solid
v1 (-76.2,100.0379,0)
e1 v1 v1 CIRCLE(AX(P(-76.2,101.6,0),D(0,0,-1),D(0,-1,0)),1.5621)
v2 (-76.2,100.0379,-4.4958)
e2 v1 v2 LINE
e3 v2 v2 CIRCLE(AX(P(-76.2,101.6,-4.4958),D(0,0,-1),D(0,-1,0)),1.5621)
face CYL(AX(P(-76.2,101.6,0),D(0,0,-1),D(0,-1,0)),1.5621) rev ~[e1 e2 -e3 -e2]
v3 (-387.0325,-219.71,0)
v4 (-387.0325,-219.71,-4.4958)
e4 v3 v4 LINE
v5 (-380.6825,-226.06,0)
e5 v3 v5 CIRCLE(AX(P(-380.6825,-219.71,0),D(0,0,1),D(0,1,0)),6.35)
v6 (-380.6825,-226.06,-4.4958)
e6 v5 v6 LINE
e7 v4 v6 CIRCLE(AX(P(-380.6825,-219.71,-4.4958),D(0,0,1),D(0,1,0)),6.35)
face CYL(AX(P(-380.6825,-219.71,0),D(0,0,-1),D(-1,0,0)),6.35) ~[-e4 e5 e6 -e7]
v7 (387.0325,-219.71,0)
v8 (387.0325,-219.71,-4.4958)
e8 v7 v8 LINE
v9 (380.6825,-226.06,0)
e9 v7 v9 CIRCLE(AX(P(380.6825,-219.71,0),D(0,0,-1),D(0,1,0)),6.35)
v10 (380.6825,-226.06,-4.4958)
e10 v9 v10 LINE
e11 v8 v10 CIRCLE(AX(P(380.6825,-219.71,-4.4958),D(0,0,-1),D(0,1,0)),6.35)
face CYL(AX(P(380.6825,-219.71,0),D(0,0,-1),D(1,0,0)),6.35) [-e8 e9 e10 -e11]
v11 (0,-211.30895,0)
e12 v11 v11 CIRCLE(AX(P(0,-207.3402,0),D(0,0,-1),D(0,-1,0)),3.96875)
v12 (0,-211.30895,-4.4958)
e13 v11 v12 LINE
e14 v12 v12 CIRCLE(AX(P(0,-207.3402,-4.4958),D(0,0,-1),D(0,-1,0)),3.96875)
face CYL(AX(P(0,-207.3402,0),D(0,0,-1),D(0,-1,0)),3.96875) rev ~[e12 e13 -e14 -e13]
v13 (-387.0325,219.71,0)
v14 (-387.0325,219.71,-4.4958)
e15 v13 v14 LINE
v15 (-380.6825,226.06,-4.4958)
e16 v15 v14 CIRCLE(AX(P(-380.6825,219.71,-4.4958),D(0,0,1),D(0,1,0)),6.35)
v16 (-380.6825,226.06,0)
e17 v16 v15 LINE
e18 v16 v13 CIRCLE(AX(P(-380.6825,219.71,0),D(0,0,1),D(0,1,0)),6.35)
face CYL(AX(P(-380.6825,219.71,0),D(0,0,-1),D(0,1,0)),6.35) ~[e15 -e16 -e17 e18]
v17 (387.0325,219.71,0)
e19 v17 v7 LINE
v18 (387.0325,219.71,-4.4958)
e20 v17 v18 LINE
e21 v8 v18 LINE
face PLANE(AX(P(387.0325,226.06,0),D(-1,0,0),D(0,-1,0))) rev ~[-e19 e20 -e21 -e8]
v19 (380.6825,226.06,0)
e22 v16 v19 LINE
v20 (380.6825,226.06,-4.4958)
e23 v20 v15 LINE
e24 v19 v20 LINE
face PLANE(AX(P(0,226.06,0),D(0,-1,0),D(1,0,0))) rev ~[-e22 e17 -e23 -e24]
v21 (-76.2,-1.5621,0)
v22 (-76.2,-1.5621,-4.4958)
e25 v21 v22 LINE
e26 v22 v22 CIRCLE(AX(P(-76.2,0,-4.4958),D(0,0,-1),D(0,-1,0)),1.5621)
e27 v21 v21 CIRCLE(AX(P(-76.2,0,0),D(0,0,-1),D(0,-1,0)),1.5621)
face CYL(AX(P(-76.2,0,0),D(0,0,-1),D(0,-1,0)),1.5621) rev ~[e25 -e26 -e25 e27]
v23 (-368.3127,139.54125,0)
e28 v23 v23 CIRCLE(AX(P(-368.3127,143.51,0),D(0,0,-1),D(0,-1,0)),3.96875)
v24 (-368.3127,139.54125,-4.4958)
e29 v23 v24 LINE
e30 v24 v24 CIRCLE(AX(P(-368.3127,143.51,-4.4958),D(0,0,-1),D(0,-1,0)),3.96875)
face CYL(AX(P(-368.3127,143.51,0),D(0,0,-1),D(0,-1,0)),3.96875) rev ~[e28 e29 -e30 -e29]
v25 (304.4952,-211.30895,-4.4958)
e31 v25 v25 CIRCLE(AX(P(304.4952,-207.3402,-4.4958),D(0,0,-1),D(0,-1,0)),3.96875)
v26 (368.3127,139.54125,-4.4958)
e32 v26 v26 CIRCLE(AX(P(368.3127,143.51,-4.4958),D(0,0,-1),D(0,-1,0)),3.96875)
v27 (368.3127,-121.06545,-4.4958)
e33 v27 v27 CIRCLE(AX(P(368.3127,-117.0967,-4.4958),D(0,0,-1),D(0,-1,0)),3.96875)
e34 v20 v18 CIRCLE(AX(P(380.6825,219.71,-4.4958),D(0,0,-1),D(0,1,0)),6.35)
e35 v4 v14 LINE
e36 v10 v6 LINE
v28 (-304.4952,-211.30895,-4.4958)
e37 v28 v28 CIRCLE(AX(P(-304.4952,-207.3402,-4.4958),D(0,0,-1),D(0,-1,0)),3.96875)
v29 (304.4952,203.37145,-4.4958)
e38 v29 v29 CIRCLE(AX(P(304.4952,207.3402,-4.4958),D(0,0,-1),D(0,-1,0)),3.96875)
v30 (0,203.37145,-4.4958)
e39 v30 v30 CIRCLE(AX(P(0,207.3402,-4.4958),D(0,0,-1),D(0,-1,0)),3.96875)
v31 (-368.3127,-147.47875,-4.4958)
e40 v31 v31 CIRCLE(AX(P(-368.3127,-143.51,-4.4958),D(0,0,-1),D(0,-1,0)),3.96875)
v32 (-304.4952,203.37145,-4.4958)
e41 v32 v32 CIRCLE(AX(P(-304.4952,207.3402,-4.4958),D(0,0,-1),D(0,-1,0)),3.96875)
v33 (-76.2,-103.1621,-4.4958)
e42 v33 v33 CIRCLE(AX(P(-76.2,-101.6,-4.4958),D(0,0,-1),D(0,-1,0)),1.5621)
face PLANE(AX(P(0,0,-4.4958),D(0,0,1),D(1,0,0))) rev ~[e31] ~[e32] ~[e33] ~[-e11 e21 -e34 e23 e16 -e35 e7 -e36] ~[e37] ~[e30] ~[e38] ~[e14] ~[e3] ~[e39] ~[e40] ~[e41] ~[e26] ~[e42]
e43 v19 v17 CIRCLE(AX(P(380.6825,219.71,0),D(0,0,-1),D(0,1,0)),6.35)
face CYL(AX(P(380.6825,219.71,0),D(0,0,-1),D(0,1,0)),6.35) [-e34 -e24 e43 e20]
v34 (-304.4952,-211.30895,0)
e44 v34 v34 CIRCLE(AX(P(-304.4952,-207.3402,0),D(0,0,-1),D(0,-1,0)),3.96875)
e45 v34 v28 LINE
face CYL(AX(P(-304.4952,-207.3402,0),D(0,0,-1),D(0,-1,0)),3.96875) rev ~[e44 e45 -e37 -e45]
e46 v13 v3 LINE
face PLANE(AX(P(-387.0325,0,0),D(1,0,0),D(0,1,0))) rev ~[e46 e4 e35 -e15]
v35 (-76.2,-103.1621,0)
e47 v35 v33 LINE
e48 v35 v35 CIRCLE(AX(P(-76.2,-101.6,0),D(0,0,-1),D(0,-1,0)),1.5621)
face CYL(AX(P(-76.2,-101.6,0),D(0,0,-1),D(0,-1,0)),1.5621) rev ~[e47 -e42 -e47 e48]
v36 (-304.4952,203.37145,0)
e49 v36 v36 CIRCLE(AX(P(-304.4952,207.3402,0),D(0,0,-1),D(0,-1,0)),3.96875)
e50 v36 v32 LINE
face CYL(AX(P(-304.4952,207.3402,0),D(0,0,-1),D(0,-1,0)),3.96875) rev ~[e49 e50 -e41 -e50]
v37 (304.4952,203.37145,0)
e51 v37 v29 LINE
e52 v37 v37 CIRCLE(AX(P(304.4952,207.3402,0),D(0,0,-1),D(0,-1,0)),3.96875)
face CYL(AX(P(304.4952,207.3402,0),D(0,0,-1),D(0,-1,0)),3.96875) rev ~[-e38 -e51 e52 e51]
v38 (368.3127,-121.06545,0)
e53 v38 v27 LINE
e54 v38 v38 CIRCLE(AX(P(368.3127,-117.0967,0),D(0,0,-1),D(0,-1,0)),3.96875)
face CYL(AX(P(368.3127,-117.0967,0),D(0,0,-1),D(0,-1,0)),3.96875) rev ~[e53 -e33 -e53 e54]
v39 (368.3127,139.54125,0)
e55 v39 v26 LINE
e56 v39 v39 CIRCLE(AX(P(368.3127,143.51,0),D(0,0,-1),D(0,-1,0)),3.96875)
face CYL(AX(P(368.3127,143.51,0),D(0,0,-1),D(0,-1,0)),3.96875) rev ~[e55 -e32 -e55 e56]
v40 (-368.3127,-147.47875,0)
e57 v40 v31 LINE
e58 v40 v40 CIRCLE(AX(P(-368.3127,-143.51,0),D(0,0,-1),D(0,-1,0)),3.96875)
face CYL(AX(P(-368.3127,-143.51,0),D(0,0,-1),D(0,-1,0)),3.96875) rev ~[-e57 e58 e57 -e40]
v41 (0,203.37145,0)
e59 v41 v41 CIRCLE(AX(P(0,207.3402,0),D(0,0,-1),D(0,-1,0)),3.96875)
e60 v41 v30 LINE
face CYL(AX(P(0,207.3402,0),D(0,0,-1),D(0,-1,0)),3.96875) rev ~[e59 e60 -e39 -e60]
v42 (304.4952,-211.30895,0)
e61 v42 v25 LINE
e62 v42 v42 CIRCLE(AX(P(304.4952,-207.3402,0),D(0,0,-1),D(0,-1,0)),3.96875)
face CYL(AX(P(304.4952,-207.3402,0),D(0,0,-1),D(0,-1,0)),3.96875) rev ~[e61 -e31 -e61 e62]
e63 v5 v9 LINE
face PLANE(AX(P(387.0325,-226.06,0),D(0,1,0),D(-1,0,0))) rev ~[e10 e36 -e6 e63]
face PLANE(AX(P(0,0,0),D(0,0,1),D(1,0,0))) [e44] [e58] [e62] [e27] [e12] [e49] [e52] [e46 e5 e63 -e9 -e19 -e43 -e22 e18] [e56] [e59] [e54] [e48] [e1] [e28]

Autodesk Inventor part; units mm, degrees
ref_plane "YZ Plane" through (0, 0, 0) normal (1, 0, 0) x (0, 1, 0)
ref_plane "XZ Plane" through (0, 0, 0) normal (0, 1, 0) x (-1, 0, 0)
ref_plane "XY Plane" through (0, 0, 0) normal (0, 0, 1) x (1, 0, 0)
sketch "Sketch1" plane through (0, 0, 0) normal (0, 0, 1) x (1, 0, 0)
  line L0 (0, 316.484) -> (0, -316.484) projected
  line L1 (-541.8455, 0) -> (541.8455, 0) projected
  line L2 (387.0325, -226.06) -> (-387.0325, -226.06)
  line L3 (-387.0325, -226.06) -> (-387.0325, 226.06)
  line L4 (-387.0325, 226.06) -> (387.0325, 226.06)
  line L5 (387.0325, 226.06) -> (387.0325, -226.06)
  line L6 (387.0325, -226.06) -> (-387.0325, 226.06) construction
  line L7 (-387.0325, -226.06) -> (387.0325, 226.06) construction
  line L8 (368.3127, -207.3402) -> (-368.3127, -207.3402) construction
  line L9 (-368.3127, -207.3402) -> (-368.3127, 207.3402) construction
  line L10 (-368.3127, 207.3402) -> (368.3127, 207.3402) construction
  line L11 (368.3127, 207.3402) -> (368.3127, -207.3402) construction
  line L12 (368.3127, -207.3402) -> (-368.3127, 207.3402) construction
  line L13 (-368.3127, -207.3402) -> (368.3127, 207.3402) construction
  point P0 (0, 0)
  point P1 (-304.4952, 207.3402)
  point P2 (0, 207.3402)
  point P3 (304.4952, 207.3402)
  point P4 (-304.4952, -207.3402)
  point P5 (0, -207.3402)
  point P6 (304.4952, -207.3402)
  point P7 (-368.3127, 143.51)
  point P8 (-368.3127, -143.51)
  point P9 (368.3127, 143.51)
  point P10 (368.3127, -117.0967)
  dimension "d0" = 774.065
  dimension "d1" = 452.12
  dimension "d3" = 18.7198
  dimension "d4" = 18.7198
  dimension "d5" = 304.4952
  dimension "d6" = 304.4952
  dimension "d7" = 143.51
  dimension "d8" = 143.51
  dimension "d9" = 82.5373
  dimension "d10" = 82.55
extrude "Extrusion1" add sketch "Sketch1" against normal blind 4.4958
hole "Hole1" at (-304.4952, 207.3402, 0) at (0, 207.3402, 0) at (304.4952, 207.3402, 0) at (-304.4952, -207.3402, 0) at (0, -207.3402, 0) at (304.4952, -207.3402, 0) at (-368.3127, 143.51, 0) at (-368.3127, -143.51, 0) at (368.3127, 143.51, 0) at (368.3127, -117.0967, 0) direction (0, 0, -1) diameter 7.9375 end through all
fillet "Fillet1" radius 6.35 4 edges at (387.0325, 226.06, -2.2479) (387.0325, -226.06, -2.2479) (-387.0325, -226.06, -2.2479) (-387.0325, 226.06, -2.2479)
sketch "Sketch2" plane through (0, 0, 0) normal (0, 0, 1) x (1, 0, 0)
  line L0 (0, 316.484) -> (0, -316.484) projected
  line L1 (-541.8455, 0) -> (541.8455, 0) projected
  point P0 (0, 0)
  point P1 (-76.2, 101.6)
  point P2 (-76.2, 0)
  point P3 (-76.2, -101.6)
  dimension "d21" = 76.2
  dimension "d22" = 101.6
  dimension "d24" = 0
  dimension "d25" = 101.6
hole "Hole2" at (-76.2, 101.6, 0) at (-76.2, 0, 0) at (-76.2, -101.6, 0) direction (0, 0, -1) diameter 3.1242 end through all
properties material "ACRYLIC, CLEAR"
